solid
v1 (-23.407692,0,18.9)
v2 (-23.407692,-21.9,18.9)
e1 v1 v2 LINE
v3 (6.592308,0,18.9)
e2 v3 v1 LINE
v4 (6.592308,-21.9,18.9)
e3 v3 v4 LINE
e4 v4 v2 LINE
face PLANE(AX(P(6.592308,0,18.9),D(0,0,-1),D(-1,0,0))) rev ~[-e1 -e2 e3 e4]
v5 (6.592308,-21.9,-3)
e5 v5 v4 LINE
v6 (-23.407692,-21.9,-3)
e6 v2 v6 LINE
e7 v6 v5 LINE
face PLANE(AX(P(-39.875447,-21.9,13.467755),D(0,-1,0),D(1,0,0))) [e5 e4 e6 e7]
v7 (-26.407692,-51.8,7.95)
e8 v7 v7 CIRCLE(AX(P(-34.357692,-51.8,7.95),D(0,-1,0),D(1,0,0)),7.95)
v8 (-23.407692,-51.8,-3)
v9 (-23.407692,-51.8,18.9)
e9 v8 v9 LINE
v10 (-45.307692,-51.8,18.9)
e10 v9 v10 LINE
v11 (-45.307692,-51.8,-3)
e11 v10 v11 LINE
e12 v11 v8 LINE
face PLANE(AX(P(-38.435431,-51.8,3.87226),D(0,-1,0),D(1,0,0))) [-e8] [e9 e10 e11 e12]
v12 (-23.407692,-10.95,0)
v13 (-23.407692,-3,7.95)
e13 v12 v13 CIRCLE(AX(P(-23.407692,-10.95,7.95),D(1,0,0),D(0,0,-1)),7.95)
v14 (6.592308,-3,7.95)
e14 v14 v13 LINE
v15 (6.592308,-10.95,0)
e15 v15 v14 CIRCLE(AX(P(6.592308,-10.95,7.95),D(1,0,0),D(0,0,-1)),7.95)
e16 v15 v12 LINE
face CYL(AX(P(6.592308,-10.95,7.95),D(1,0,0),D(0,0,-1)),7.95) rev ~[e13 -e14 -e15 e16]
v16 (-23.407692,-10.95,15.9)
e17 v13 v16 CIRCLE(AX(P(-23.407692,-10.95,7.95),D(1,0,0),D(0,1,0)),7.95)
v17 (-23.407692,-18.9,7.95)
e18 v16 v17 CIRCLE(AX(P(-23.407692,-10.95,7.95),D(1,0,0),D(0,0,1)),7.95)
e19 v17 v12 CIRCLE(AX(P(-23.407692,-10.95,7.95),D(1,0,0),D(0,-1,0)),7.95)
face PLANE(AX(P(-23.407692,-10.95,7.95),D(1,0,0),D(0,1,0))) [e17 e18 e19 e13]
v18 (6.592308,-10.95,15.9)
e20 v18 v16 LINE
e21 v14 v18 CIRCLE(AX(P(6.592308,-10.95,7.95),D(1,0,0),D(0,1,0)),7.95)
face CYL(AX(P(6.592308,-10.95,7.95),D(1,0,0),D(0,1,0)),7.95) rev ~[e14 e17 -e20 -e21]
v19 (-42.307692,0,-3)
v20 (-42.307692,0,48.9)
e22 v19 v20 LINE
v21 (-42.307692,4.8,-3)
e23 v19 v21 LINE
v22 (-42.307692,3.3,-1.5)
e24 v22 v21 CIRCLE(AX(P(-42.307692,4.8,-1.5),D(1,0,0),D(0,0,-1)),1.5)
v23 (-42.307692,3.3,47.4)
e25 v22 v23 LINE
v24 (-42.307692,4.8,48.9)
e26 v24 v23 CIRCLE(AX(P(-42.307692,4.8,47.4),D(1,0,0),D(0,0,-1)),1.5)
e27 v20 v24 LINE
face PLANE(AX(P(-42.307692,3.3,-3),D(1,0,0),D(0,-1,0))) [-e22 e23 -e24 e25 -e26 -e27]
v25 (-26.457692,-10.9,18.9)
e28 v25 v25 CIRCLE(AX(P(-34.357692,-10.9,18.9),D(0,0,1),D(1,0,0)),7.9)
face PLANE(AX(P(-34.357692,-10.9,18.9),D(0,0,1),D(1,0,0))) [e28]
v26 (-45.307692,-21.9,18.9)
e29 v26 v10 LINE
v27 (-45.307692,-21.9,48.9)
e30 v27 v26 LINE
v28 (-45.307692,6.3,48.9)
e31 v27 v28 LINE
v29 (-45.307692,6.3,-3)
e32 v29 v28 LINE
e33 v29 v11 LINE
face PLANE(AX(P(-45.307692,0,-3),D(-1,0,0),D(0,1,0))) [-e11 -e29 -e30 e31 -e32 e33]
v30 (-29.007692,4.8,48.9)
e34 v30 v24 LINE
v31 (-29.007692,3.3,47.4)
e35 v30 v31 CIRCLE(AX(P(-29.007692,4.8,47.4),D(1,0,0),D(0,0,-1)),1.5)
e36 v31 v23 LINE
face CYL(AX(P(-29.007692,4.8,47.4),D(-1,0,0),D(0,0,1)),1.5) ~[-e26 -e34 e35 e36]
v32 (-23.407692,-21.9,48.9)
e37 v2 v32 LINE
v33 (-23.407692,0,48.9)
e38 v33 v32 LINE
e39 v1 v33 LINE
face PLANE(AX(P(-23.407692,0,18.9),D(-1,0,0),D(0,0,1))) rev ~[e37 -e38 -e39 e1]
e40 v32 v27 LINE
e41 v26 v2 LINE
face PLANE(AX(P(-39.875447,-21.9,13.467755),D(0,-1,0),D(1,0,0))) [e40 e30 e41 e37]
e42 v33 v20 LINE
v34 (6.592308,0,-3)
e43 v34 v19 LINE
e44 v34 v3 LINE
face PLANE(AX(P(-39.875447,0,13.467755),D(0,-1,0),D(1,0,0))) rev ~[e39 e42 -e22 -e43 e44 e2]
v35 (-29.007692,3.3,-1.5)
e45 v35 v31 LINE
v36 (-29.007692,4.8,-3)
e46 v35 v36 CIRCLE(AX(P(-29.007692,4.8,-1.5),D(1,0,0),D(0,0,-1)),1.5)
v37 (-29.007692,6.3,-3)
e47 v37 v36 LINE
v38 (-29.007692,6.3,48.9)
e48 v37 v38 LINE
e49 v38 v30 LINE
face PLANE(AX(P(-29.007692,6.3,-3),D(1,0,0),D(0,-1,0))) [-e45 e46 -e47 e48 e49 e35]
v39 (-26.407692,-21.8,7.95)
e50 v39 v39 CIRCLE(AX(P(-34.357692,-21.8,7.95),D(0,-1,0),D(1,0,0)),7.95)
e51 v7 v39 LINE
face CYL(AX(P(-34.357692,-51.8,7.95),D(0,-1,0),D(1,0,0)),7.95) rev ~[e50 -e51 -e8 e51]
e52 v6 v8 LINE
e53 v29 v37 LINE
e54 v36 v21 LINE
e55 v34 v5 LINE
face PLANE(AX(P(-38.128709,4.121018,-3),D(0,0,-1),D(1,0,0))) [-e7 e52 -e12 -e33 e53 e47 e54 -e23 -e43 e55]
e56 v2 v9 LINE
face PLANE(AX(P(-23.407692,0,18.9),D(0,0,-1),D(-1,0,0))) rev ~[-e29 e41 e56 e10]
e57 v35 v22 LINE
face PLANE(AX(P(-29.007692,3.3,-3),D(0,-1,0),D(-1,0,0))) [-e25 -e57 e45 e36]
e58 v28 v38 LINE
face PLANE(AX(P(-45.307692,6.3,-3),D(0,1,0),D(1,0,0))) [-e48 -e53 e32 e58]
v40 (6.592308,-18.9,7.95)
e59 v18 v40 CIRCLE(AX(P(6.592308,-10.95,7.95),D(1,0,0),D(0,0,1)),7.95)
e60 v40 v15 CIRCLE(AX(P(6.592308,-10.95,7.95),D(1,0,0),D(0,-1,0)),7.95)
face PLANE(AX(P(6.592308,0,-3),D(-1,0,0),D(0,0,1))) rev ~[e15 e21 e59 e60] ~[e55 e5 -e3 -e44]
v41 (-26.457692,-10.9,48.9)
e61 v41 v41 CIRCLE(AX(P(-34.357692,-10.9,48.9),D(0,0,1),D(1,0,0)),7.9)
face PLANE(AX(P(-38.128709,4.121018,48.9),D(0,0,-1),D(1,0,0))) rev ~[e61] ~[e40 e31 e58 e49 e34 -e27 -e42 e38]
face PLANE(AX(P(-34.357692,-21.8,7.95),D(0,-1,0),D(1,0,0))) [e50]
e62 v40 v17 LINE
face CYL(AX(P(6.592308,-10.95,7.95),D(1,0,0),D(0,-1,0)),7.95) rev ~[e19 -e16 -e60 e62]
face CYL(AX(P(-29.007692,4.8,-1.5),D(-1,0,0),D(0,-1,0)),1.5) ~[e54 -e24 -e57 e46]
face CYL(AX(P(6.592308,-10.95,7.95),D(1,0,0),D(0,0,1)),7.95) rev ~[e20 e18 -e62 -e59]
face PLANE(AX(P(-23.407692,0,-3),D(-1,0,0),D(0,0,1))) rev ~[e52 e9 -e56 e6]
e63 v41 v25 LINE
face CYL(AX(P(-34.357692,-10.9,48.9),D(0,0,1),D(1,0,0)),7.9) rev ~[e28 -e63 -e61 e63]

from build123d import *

# Parameters (mm, degrees)
F0_W      = 27
F0_H      = 15.9
F0_W_2    = 15.9
F0_H_2    = 27
F0_W_3    = 3
F0_H_3    = 3
F1_DEPTH  = 21.9
F2_DEPTH  = 51.8
F3_R      = 7.95
F6_DEPTH  = 30
F7_DEPTH  = 30
F4_R      = 7.9
F8_DEPTH  = 30
F10_DEPTH = 51.9
F11_R     = 1.5


with BuildPart() as f1:
    # F0 (on Front) → F1 (new body)
    with BuildSketch(Plane.XZ):
        with BuildLine():
            Line((-34.3576915575, 15.9), (-42.3076915575, 15.9))
            Line((-42.3076915575, 15.9), (-42.3076915575, 7.9499999931))
            ThreePointArc((-42.3076915575, 7.9499999931), (-39.9791904704, 13.571498908), (-34.3576915575, 15.9))
        make_face()
        with BuildLine():
            ThreePointArc((-34.3576915575, 15.9), (-39.9791904704, 13.571498908), (-42.3076915575, 7.9499999931))
            ThreePointArc((-42.3076915575, 7.9499999931), (-39.9791904655, 2.3285010871), (-34.3576915575, 0))
            ThreePointArc((-34.3576915575, 0), (-28.7361926471, 2.3285010896), (-26.4076915575, 7.95))
            ThreePointArc((-26.4076915575, 7.95), (-28.7361926471, 13.5714989104), (-34.3576915575, 15.9))
        make_face()
        Polygon((-42.3076915575, 18.9), (-42.3076915575, 45.9), (-26.4076915575, 45.9), (-26.4076915575, 18.9), (-23.4076915575, 18.9), (-23.4076915575, 48.9), (-45.3076915575, 48.9), (-45.3076915575, 18.9), align=None)
        with Locations((-9.9076915575, 7.95)):
            Rectangle(F0_W, F0_H)
        with Locations((-34.3576915575, 32.4)):
            Rectangle(F0_W_2, F0_H_2)
        with BuildLine():
            ThreePointArc((-34.3576915575, 0), (-39.9791904655, 2.3285010871), (-42.3076915575, 7.9499999931))
            Line((-42.3076915575, 7.9499999931), (-42.3076915575, 0))
            Line((-42.3076915575, 0), (-34.3576915575, 0))
        make_face()
        with BuildLine():
            Line((-26.4076915575, 0), (-26.4076915575, 7.95))
            ThreePointArc((-26.4076915575, 7.95), (-28.7361926471, 2.3285010896), (-34.3576915575, 0))
            Line((-34.3576915575, 0), (-26.4076915575, 0))
        make_face()
        with BuildLine():
            Line((-26.4076915575, 7.95), (-26.4076915575, 15.9))
            Line((-26.4076915575, 15.9), (-34.3576915575, 15.9))
            ThreePointArc((-34.3576915575, 15.9), (-28.7361926471, 13.5714989104), (-26.4076915575, 7.95))
        make_face()
        Polygon((6.5923084425, 18.9), (-23.4076915575, 18.9), (-23.4076915575, 15.9), (3.5923084425, 15.9), (3.5923084425, 0), (-23.4076915575, 0), (-23.4076915575, -3), (6.5923084425, -3), align=None)
        Polygon((-26.4076915575, 18.9), (-42.3076915575, 18.9), (-42.3076915575, 15.9), (-34.3576915575, 15.9), (-26.4076915575, 15.9), align=None)
        Polygon((-23.4076915575, 15.9), (-26.4076915575, 15.9), (-26.4076915575, 7.95), (-26.4076915575, 0), (-23.4076915575, 0), align=None)
        Polygon((-42.3076915575, 15.9), (-42.3076915575, 18.9), (-45.3076915575, 18.9), (-45.3076915575, -3), (-23.4076915575, -3), (-23.4076915575, 0), (-26.4076915575, 0), (-34.3576915575, 0), (-42.3076915575, 0), (-42.3076915575, 7.9499999931), align=None)
        with Locations((-24.9076915575, 17.4)):
            Rectangle(F0_W_3, F0_H_3)
    extrude(amount=F1_DEPTH)

    # F0 (on Front) → F2 (join)
    with BuildSketch(Plane.XZ):
        Polygon((-42.3076915575, 15.9), (-42.3076915575, 18.9), (-45.3076915575, 18.9), (-45.3076915575, -3), (-23.4076915575, -3), (-23.4076915575, 0), (-26.4076915575, 0), (-34.3576915575, 0), (-42.3076915575, 0), (-42.3076915575, 7.9499999931), align=None)
        with BuildLine():
            ThreePointArc((-34.3576915575, 15.9), (-39.9791904704, 13.571498908), (-42.3076915575, 7.9499999931))
            ThreePointArc((-42.3076915575, 7.9499999931), (-39.9791904655, 2.3285010871), (-34.3576915575, 0))
            ThreePointArc((-34.3576915575, 0), (-28.7361926471, 2.3285010896), (-26.4076915575, 7.95))
            ThreePointArc((-26.4076915575, 7.95), (-28.7361926471, 13.5714989104), (-34.3576915575, 15.9))
        make_face()
        Polygon((-26.4076915575, 18.9), (-42.3076915575, 18.9), (-42.3076915575, 15.9), (-34.3576915575, 15.9), (-26.4076915575, 15.9), align=None)
        Polygon((-23.4076915575, 15.9), (-26.4076915575, 15.9), (-26.4076915575, 7.95), (-26.4076915575, 0), (-23.4076915575, 0), align=None)
        with Locations((-24.9076915575, 17.4)):
            Rectangle(F0_W_3, F0_H_3)
        with BuildLine():
            Line((-26.4076915575, 7.95), (-26.4076915575, 15.9))
            Line((-26.4076915575, 15.9), (-34.3576915575, 15.9))
            ThreePointArc((-34.3576915575, 15.9), (-28.7361926471, 13.5714989104), (-26.4076915575, 7.95))
        make_face()
        with BuildLine():
            Line((-34.3576915575, 15.9), (-42.3076915575, 15.9))
            Line((-42.3076915575, 15.9), (-42.3076915575, 7.9499999931))
            ThreePointArc((-42.3076915575, 7.9499999931), (-39.9791904704, 13.571498908), (-34.3576915575, 15.9))
        make_face()
        with BuildLine():
            ThreePointArc((-34.3576915575, 0), (-39.9791904655, 2.3285010871), (-42.3076915575, 7.9499999931))
            Line((-42.3076915575, 7.9499999931), (-42.3076915575, 0))
            Line((-42.3076915575, 0), (-34.3576915575, 0))
        make_face()
        with BuildLine():
            Line((-26.4076915575, 0), (-26.4076915575, 7.95))
            ThreePointArc((-26.4076915575, 7.95), (-28.7361926471, 2.3285010896), (-34.3576915575, 0))
            Line((-34.3576915575, 0), (-26.4076915575, 0))
        make_face()
    extrude(amount=F2_DEPTH)

    # F3 (on face) → F6 (cut)
    with BuildSketch(Plane.XZ.offset(51.8)):
        with Locations((-34.3576915575, 7.95)):
            Circle(F3_R)
    extrude(amount=-F6_DEPTH, mode=Mode.SUBTRACT)

    # F5 (on face) → F7 (cut)
    with BuildSketch(Plane.YZ.offset(6.5923084425)):
        with BuildLine():
            ThreePointArc((-3, 7.95), (-5.3285010896, 13.5714989104), (-10.95, 15.9))
            ThreePointArc((-10.95, 15.9), (-16.5714989104, 13.5714989104), (-18.9, 7.95))
            ThreePointArc((-18.9, 7.95), (-16.5714989104, 2.3285010896), (-10.95, 0))
            ThreePointArc((-10.95, 0), (-5.3285010896, 2.3285010896), (-3, 7.95))
        make_face()
    extrude(amount=-F7_DEPTH, mode=Mode.SUBTRACT)

    # F4 (on face) → F8 (cut)
    with BuildSketch(Plane.XY.offset(48.9)):
        with Locations((-34.3576915575, -10.9)):
            Circle(F4_R)
    extrude(amount=-F8_DEPTH, mode=Mode.SUBTRACT)

    # F9 (on face) → F10 (join)
    with BuildSketch(Plane(origin=(0, 0, -3), x_dir=(1, 0, 0), z_dir=(0, 0, -1))):
        Polygon((-42.3076915575, 0), (-45.3076915575, 0), (-45.3076915575, -6.3), (-29.0076915575, -6.3), (-29.0076915575, -3.3), (-42.3076915575, -3.3), align=None)
    extrude(amount=-F10_DEPTH)

    # F11
    f11_edges = [f1.edges().sort_by_distance(p)[0] for p in [
        (-35.657692, 3.3, -3),
        (-35.657692, 3.3, 48.9),
    ]]
    fillet(f11_edges, radius=F11_R)


solid = f1.part
